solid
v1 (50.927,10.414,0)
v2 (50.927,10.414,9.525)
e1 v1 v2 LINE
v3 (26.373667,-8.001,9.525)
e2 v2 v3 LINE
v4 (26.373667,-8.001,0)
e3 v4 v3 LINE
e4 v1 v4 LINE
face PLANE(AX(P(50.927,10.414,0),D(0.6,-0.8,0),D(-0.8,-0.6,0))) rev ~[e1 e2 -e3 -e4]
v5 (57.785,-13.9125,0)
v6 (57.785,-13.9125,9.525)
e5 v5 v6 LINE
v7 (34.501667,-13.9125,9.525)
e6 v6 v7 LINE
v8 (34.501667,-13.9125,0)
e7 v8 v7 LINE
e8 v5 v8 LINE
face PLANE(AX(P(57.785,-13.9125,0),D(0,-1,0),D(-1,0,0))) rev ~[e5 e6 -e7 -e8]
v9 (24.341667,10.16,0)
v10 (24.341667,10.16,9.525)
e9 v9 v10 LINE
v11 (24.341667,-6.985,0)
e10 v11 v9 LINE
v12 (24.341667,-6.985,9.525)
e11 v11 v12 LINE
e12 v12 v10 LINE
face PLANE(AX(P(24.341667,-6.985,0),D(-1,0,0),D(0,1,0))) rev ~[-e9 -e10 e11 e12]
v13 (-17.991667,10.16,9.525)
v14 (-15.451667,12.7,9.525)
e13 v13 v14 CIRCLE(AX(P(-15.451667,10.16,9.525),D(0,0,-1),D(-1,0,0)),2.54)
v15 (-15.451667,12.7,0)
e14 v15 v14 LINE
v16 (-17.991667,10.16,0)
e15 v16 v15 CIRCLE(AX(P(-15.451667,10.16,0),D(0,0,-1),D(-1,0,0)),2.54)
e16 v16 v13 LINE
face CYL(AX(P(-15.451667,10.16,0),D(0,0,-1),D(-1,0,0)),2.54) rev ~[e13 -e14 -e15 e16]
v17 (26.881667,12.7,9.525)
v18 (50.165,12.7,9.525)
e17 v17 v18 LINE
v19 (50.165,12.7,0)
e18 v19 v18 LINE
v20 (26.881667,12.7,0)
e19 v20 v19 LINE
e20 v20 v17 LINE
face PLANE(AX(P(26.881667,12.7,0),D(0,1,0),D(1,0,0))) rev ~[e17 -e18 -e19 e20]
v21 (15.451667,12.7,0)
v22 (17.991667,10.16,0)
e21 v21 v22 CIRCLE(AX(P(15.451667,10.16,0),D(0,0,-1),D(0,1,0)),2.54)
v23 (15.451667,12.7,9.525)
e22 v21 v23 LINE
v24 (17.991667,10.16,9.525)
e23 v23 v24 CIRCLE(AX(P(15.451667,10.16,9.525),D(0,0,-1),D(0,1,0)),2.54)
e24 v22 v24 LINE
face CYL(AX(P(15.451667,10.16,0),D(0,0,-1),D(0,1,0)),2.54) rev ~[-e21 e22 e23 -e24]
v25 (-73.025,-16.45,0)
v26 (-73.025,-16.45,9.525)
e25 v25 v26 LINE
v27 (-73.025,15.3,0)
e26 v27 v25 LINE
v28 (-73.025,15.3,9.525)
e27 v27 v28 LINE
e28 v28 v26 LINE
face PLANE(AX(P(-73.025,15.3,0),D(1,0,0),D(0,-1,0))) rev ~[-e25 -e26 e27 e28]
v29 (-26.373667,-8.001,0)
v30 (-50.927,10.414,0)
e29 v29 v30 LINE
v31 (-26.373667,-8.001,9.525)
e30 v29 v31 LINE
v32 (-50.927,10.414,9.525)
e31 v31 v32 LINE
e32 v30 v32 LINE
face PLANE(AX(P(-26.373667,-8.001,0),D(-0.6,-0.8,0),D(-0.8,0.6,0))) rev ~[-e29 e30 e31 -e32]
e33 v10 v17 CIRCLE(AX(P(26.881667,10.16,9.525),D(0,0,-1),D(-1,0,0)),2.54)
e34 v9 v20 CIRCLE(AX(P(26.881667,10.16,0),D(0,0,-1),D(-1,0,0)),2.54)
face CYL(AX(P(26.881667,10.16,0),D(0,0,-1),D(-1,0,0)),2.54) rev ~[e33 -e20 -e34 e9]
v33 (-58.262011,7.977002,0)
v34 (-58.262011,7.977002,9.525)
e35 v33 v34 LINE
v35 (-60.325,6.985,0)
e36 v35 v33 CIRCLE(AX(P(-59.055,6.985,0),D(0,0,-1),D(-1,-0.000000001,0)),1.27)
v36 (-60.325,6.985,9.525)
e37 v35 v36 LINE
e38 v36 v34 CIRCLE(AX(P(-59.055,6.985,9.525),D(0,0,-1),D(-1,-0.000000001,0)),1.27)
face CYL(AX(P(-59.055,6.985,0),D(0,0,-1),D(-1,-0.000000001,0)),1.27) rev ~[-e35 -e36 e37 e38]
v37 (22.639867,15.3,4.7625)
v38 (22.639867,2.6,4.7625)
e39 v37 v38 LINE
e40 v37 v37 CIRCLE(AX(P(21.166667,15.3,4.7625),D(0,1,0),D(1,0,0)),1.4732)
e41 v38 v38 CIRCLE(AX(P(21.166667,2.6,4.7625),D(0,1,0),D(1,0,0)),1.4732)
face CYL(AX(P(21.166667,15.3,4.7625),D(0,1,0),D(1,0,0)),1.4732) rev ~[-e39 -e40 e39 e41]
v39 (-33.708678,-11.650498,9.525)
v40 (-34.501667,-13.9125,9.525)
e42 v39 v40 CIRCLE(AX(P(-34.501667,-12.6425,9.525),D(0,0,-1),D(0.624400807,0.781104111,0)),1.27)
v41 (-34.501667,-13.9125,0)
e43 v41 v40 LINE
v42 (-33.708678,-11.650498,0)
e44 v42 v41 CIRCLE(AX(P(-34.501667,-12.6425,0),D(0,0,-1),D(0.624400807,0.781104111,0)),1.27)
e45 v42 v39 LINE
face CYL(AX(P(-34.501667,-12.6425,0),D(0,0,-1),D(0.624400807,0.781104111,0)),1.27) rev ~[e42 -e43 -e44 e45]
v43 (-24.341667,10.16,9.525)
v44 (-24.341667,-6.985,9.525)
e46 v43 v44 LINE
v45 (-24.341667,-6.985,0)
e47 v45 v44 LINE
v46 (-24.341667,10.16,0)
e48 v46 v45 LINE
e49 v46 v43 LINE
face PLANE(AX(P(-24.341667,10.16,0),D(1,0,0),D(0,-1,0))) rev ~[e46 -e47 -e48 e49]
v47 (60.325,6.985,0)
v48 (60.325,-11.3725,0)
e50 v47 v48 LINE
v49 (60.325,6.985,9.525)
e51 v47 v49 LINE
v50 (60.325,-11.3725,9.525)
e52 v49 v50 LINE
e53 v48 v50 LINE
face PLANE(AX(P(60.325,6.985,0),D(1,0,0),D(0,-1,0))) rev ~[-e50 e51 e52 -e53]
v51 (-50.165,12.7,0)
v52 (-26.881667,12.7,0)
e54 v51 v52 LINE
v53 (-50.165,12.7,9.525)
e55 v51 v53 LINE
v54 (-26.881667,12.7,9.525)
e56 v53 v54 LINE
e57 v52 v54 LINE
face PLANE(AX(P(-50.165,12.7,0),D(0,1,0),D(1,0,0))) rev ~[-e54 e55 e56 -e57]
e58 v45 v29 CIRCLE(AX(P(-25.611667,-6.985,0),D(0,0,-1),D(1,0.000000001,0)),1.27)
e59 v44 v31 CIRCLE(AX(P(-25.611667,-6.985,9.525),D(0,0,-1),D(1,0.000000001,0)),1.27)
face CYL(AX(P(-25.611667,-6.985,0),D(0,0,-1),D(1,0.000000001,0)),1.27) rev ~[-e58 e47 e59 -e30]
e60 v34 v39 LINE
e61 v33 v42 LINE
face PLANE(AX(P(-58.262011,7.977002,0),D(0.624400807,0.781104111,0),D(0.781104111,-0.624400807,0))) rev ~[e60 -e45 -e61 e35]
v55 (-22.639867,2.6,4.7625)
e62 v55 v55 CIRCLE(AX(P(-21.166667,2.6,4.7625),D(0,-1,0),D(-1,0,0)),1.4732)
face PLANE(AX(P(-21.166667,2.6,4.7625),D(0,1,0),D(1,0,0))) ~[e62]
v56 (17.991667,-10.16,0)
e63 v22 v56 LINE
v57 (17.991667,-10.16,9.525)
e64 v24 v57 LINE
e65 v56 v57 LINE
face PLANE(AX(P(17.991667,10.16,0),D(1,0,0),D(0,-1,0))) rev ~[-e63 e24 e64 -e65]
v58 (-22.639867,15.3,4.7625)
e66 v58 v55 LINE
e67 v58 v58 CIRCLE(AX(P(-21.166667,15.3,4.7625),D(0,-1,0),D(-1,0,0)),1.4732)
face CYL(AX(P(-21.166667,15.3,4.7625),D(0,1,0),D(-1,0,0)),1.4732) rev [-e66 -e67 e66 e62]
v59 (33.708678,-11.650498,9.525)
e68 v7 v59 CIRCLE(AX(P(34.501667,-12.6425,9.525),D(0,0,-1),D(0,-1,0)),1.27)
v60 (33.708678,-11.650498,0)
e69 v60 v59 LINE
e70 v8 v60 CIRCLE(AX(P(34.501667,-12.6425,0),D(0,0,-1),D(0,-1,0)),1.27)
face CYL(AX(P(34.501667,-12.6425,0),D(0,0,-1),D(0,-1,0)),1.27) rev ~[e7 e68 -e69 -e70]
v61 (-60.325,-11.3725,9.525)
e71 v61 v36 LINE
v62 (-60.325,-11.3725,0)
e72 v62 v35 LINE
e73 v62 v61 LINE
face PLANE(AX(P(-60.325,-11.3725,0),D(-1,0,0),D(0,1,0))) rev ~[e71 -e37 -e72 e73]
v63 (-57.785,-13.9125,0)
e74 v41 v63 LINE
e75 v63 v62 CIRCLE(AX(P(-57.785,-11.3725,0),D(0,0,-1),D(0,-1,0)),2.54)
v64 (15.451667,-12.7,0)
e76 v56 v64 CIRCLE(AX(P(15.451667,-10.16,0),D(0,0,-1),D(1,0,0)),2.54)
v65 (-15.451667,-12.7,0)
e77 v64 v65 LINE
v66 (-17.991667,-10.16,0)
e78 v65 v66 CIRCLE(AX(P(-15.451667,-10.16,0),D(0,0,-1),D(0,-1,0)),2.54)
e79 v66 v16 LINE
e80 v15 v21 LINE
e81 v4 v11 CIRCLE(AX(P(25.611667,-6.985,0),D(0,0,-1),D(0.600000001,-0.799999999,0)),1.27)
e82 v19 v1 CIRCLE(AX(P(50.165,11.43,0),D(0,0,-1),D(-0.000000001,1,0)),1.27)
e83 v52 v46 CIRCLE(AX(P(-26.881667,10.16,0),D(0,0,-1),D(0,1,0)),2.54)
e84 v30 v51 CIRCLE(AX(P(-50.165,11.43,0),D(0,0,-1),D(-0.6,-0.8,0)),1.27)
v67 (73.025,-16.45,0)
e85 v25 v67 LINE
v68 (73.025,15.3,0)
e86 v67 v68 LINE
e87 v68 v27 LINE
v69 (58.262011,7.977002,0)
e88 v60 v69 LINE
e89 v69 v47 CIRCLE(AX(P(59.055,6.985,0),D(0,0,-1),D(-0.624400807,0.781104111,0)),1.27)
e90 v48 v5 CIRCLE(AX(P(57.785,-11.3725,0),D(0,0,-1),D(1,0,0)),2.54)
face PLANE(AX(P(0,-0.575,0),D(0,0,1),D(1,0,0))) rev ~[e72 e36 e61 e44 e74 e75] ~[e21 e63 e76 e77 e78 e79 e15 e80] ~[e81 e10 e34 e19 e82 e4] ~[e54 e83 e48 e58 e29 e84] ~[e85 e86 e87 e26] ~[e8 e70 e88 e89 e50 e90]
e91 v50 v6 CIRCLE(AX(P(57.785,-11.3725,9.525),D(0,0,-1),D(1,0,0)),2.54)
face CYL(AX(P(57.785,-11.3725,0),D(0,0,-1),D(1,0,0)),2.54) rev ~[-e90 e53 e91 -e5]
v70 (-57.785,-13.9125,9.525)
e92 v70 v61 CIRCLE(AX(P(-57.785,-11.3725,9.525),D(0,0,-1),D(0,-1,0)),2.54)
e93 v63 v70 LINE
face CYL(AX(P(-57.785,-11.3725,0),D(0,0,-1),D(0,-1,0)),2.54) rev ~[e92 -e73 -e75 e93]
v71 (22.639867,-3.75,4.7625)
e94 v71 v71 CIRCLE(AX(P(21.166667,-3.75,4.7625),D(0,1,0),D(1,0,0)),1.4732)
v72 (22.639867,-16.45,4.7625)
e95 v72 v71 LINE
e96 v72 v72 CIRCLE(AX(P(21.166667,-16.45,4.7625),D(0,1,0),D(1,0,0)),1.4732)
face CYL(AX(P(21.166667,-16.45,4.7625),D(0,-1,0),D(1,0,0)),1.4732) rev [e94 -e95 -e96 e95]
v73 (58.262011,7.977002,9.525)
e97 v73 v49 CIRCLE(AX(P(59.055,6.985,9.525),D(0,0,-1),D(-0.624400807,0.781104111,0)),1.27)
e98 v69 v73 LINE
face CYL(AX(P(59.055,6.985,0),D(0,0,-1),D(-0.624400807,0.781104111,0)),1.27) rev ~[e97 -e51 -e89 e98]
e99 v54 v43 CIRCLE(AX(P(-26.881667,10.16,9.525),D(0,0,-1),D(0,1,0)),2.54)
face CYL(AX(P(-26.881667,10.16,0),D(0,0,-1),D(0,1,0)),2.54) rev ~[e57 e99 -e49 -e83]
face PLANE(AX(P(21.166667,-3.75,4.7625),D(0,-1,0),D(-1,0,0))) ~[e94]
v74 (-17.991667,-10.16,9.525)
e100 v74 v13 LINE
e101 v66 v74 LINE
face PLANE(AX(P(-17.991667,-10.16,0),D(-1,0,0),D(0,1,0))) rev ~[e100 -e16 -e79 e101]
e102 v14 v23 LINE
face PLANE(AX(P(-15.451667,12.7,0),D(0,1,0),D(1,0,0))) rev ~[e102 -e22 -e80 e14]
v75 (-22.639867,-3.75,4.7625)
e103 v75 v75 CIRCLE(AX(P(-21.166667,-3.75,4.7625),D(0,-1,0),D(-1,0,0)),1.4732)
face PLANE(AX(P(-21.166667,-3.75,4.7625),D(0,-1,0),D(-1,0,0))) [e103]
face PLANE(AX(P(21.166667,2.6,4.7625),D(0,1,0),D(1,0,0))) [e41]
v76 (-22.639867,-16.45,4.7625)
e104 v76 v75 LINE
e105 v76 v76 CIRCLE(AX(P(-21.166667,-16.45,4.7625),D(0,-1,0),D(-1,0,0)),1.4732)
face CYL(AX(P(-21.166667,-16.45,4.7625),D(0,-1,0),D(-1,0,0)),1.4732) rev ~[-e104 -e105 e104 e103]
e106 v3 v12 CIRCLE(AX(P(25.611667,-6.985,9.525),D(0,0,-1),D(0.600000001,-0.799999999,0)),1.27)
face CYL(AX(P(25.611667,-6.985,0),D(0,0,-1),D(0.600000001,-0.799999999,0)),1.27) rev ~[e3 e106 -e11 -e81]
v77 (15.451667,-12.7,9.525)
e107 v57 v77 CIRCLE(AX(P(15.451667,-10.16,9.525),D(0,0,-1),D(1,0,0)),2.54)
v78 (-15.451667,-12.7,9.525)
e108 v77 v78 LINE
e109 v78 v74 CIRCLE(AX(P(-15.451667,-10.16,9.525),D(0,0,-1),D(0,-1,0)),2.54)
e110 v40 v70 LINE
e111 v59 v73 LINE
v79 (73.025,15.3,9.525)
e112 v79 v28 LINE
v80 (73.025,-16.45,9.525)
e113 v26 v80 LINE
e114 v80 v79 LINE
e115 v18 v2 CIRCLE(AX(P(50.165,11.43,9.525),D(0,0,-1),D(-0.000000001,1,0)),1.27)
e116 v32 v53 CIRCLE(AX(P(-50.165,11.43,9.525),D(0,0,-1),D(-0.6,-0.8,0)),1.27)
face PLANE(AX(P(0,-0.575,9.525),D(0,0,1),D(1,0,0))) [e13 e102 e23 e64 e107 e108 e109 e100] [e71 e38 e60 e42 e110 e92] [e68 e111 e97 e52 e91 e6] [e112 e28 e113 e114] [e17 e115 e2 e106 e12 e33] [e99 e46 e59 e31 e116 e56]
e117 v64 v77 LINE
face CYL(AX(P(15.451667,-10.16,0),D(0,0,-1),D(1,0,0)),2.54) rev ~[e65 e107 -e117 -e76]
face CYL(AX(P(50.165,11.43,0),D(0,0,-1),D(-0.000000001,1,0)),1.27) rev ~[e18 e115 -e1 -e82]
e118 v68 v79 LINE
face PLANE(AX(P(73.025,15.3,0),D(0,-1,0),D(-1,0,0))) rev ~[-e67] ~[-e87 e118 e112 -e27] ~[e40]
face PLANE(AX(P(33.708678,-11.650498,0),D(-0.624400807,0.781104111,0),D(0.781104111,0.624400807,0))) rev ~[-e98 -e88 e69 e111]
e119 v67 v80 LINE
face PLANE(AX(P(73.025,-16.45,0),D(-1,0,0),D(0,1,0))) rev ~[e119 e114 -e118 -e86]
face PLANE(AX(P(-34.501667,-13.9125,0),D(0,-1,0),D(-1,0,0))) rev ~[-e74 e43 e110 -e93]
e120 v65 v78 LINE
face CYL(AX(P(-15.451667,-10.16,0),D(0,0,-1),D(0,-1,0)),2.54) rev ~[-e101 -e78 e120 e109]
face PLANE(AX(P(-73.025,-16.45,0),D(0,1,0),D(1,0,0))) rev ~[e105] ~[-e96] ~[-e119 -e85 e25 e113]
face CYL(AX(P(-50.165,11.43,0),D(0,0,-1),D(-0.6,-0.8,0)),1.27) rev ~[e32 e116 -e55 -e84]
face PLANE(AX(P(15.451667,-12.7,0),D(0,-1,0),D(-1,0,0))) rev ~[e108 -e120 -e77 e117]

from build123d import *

# Parameters (mm, degrees)
BOSS_EXTRUDE2_DEPTH                        = 9.525
SKETCH4_R                                  = 1.4732
CUT_EXTRUDE2_DEPTH                         = 12.7
MIRROR2_AT_THE_SECOND_PLANE_COPY_1_SKETC_R = 1.4732
MIRROR2_AT_THE_SECOND_PLANE_COPY_1_DEPTH   = 12.7


with BuildPart() as part:
    # Sketch2 → Boss-Extrude2 (new body)
    with BuildSketch(Plane.XY):
        Polygon((-63.5, 15.299999878), (-73.025, 15.299999878), (-73.025, -16.450000122), (-63.5, -16.450000122), (-21.166666667, -16.450000122), (0, -16.450000122), (73.025, -16.450000122), (73.025, 15.299999878), (-21.166666667, 15.299999878), (-24.341666667, 15.299999878), align=None)
        with BuildLine():
            ThreePointArc((-57.785, -13.912500244), (-59.581051224, -13.168551468), (-60.325, -11.372500244))
            Line((-60.325, -11.372500244), (-60.325, 6.985))
            ThreePointArc((-60.325, 6.985), (-59.605365306, 8.129551454), (-58.262010976, 7.977002221))
            Line((-58.262010976, 7.977002221), (-33.708677642, -11.650498023))
            ThreePointArc((-33.708677642, -11.650498023), (-33.303179533, -13.062653299), (-34.501666667, -13.912500244))
            Line((-34.501666667, -13.912500244), (-57.785, -13.912500244))
        make_face(mode=Mode.SUBTRACT)
        with BuildLine():
            ThreePointArc((60.325, -11.372500244), (59.581051224, -13.168551468), (57.785, -13.912500244))
            Line((57.785, -13.912500244), (34.501666667, -13.912500244))
            ThreePointArc((34.501666667, -13.912500244), (33.303179533, -13.062653299), (33.708677642, -11.650498023))
            Line((33.708677642, -11.650498023), (58.262010976, 7.977002221))
            ThreePointArc((58.262010976, 7.977002221), (59.605365306, 8.129551454), (60.325, 6.985))
            Line((60.325, 6.985), (60.325, -11.372500244))
        make_face(mode=Mode.SUBTRACT)
        with BuildLine():
            Line((-26.373666667, -8.001), (-50.927, 10.414))
            ThreePointArc((-50.927, 10.414), (-51.369827789, 11.831609263), (-50.165, 12.7))
            Line((-50.165, 12.7), (-26.881666667, 12.7))
            ThreePointArc((-26.881666667, 12.7), (-25.085615442, 11.956051224), (-24.341666667, 10.16))
            Line((-24.341666667, 10.16), (-24.341666667, -6.985))
            ThreePointArc((-24.341666667, -6.985), (-25.0437054, -8.120922533), (-26.373666667, -8.001))
        make_face(mode=Mode.SUBTRACT)
        with BuildLine():
            ThreePointArc((-17.991666667, 10.16), (-17.247717891, 11.956051224), (-15.451666667, 12.7))
            Line((-15.451666667, 12.7), (15.451666667, 12.7))
            ThreePointArc((15.451666667, 12.7), (17.247717891, 11.956051224), (17.991666667, 10.16))
            Line((17.991666667, 10.16), (17.991666667, -10.16))
            ThreePointArc((17.991666667, -10.16), (17.247717891, -11.956051224), (15.451666667, -12.7))
            Line((15.451666667, -12.7), (-15.451666667, -12.7))
            ThreePointArc((-15.451666667, -12.7), (-17.247717891, -11.956051224), (-17.991666667, -10.16))
            Line((-17.991666667, -10.16), (-17.991666667, 10.16))
        make_face(mode=Mode.SUBTRACT)
        with BuildLine():
            Line((24.341666667, -6.985), (24.341666667, 10.16))
            ThreePointArc((24.341666667, 10.16), (25.085615442, 11.956051224), (26.881666667, 12.7))
            Line((26.881666667, 12.7), (50.165, 12.7))
            ThreePointArc((50.165, 12.7), (51.369827789, 11.831609263), (50.927, 10.414))
            Line((50.927, 10.414), (26.373666667, -8.001))
            ThreePointArc((26.373666667, -8.001), (25.0437054, -8.120922533), (24.341666667, -6.985))
        make_face(mode=Mode.SUBTRACT)
    extrude(amount=BOSS_EXTRUDE2_DEPTH)

    # Sketch4 → Cut-Extrude2 (cut)
    with BuildSketch(Plane(origin=(0, 15.299999878, 0), x_dir=(1, 0, 0), z_dir=(0, 1, 0))):
        with Locations((21.166666667, -4.7625)):
            Circle(SKETCH4_R)
    cut_extrude2 = extrude(amount=-CUT_EXTRUDE2_DEPTH, mode=Mode.SUBTRACT)

    # Mirror2: Cut-Extrude2 across plane
    add(cut_extrude2.mirror(Plane.ZX.offset(-0.575000122)), mode=Mode.SUBTRACT)

    # Mirror2 at the second plane: Cut-Extrude2 across plane
    add(cut_extrude2.mirror(Plane(origin=(0, 0, 0), x_dir=(0, 0, 1), z_dir=(1, 0, 0))), mode=Mode.SUBTRACT)

    # Mirror2 at the second plane copy 1 sketc → Mirror2 at the second plane copy 1 (cut)
    with BuildSketch(Plane(origin=(0, -16.450000122, 0), x_dir=(-1, 0, 0), z_dir=(0, -1, 0))):
        with Locations((21.166666667, -4.7625)):
            Circle(MIRROR2_AT_THE_SECOND_PLANE_COPY_1_SKETC_R)
    extrude(amount=-MIRROR2_AT_THE_SECOND_PLANE_COPY_1_DEPTH, mode=Mode.SUBTRACT)


solid = part.part
